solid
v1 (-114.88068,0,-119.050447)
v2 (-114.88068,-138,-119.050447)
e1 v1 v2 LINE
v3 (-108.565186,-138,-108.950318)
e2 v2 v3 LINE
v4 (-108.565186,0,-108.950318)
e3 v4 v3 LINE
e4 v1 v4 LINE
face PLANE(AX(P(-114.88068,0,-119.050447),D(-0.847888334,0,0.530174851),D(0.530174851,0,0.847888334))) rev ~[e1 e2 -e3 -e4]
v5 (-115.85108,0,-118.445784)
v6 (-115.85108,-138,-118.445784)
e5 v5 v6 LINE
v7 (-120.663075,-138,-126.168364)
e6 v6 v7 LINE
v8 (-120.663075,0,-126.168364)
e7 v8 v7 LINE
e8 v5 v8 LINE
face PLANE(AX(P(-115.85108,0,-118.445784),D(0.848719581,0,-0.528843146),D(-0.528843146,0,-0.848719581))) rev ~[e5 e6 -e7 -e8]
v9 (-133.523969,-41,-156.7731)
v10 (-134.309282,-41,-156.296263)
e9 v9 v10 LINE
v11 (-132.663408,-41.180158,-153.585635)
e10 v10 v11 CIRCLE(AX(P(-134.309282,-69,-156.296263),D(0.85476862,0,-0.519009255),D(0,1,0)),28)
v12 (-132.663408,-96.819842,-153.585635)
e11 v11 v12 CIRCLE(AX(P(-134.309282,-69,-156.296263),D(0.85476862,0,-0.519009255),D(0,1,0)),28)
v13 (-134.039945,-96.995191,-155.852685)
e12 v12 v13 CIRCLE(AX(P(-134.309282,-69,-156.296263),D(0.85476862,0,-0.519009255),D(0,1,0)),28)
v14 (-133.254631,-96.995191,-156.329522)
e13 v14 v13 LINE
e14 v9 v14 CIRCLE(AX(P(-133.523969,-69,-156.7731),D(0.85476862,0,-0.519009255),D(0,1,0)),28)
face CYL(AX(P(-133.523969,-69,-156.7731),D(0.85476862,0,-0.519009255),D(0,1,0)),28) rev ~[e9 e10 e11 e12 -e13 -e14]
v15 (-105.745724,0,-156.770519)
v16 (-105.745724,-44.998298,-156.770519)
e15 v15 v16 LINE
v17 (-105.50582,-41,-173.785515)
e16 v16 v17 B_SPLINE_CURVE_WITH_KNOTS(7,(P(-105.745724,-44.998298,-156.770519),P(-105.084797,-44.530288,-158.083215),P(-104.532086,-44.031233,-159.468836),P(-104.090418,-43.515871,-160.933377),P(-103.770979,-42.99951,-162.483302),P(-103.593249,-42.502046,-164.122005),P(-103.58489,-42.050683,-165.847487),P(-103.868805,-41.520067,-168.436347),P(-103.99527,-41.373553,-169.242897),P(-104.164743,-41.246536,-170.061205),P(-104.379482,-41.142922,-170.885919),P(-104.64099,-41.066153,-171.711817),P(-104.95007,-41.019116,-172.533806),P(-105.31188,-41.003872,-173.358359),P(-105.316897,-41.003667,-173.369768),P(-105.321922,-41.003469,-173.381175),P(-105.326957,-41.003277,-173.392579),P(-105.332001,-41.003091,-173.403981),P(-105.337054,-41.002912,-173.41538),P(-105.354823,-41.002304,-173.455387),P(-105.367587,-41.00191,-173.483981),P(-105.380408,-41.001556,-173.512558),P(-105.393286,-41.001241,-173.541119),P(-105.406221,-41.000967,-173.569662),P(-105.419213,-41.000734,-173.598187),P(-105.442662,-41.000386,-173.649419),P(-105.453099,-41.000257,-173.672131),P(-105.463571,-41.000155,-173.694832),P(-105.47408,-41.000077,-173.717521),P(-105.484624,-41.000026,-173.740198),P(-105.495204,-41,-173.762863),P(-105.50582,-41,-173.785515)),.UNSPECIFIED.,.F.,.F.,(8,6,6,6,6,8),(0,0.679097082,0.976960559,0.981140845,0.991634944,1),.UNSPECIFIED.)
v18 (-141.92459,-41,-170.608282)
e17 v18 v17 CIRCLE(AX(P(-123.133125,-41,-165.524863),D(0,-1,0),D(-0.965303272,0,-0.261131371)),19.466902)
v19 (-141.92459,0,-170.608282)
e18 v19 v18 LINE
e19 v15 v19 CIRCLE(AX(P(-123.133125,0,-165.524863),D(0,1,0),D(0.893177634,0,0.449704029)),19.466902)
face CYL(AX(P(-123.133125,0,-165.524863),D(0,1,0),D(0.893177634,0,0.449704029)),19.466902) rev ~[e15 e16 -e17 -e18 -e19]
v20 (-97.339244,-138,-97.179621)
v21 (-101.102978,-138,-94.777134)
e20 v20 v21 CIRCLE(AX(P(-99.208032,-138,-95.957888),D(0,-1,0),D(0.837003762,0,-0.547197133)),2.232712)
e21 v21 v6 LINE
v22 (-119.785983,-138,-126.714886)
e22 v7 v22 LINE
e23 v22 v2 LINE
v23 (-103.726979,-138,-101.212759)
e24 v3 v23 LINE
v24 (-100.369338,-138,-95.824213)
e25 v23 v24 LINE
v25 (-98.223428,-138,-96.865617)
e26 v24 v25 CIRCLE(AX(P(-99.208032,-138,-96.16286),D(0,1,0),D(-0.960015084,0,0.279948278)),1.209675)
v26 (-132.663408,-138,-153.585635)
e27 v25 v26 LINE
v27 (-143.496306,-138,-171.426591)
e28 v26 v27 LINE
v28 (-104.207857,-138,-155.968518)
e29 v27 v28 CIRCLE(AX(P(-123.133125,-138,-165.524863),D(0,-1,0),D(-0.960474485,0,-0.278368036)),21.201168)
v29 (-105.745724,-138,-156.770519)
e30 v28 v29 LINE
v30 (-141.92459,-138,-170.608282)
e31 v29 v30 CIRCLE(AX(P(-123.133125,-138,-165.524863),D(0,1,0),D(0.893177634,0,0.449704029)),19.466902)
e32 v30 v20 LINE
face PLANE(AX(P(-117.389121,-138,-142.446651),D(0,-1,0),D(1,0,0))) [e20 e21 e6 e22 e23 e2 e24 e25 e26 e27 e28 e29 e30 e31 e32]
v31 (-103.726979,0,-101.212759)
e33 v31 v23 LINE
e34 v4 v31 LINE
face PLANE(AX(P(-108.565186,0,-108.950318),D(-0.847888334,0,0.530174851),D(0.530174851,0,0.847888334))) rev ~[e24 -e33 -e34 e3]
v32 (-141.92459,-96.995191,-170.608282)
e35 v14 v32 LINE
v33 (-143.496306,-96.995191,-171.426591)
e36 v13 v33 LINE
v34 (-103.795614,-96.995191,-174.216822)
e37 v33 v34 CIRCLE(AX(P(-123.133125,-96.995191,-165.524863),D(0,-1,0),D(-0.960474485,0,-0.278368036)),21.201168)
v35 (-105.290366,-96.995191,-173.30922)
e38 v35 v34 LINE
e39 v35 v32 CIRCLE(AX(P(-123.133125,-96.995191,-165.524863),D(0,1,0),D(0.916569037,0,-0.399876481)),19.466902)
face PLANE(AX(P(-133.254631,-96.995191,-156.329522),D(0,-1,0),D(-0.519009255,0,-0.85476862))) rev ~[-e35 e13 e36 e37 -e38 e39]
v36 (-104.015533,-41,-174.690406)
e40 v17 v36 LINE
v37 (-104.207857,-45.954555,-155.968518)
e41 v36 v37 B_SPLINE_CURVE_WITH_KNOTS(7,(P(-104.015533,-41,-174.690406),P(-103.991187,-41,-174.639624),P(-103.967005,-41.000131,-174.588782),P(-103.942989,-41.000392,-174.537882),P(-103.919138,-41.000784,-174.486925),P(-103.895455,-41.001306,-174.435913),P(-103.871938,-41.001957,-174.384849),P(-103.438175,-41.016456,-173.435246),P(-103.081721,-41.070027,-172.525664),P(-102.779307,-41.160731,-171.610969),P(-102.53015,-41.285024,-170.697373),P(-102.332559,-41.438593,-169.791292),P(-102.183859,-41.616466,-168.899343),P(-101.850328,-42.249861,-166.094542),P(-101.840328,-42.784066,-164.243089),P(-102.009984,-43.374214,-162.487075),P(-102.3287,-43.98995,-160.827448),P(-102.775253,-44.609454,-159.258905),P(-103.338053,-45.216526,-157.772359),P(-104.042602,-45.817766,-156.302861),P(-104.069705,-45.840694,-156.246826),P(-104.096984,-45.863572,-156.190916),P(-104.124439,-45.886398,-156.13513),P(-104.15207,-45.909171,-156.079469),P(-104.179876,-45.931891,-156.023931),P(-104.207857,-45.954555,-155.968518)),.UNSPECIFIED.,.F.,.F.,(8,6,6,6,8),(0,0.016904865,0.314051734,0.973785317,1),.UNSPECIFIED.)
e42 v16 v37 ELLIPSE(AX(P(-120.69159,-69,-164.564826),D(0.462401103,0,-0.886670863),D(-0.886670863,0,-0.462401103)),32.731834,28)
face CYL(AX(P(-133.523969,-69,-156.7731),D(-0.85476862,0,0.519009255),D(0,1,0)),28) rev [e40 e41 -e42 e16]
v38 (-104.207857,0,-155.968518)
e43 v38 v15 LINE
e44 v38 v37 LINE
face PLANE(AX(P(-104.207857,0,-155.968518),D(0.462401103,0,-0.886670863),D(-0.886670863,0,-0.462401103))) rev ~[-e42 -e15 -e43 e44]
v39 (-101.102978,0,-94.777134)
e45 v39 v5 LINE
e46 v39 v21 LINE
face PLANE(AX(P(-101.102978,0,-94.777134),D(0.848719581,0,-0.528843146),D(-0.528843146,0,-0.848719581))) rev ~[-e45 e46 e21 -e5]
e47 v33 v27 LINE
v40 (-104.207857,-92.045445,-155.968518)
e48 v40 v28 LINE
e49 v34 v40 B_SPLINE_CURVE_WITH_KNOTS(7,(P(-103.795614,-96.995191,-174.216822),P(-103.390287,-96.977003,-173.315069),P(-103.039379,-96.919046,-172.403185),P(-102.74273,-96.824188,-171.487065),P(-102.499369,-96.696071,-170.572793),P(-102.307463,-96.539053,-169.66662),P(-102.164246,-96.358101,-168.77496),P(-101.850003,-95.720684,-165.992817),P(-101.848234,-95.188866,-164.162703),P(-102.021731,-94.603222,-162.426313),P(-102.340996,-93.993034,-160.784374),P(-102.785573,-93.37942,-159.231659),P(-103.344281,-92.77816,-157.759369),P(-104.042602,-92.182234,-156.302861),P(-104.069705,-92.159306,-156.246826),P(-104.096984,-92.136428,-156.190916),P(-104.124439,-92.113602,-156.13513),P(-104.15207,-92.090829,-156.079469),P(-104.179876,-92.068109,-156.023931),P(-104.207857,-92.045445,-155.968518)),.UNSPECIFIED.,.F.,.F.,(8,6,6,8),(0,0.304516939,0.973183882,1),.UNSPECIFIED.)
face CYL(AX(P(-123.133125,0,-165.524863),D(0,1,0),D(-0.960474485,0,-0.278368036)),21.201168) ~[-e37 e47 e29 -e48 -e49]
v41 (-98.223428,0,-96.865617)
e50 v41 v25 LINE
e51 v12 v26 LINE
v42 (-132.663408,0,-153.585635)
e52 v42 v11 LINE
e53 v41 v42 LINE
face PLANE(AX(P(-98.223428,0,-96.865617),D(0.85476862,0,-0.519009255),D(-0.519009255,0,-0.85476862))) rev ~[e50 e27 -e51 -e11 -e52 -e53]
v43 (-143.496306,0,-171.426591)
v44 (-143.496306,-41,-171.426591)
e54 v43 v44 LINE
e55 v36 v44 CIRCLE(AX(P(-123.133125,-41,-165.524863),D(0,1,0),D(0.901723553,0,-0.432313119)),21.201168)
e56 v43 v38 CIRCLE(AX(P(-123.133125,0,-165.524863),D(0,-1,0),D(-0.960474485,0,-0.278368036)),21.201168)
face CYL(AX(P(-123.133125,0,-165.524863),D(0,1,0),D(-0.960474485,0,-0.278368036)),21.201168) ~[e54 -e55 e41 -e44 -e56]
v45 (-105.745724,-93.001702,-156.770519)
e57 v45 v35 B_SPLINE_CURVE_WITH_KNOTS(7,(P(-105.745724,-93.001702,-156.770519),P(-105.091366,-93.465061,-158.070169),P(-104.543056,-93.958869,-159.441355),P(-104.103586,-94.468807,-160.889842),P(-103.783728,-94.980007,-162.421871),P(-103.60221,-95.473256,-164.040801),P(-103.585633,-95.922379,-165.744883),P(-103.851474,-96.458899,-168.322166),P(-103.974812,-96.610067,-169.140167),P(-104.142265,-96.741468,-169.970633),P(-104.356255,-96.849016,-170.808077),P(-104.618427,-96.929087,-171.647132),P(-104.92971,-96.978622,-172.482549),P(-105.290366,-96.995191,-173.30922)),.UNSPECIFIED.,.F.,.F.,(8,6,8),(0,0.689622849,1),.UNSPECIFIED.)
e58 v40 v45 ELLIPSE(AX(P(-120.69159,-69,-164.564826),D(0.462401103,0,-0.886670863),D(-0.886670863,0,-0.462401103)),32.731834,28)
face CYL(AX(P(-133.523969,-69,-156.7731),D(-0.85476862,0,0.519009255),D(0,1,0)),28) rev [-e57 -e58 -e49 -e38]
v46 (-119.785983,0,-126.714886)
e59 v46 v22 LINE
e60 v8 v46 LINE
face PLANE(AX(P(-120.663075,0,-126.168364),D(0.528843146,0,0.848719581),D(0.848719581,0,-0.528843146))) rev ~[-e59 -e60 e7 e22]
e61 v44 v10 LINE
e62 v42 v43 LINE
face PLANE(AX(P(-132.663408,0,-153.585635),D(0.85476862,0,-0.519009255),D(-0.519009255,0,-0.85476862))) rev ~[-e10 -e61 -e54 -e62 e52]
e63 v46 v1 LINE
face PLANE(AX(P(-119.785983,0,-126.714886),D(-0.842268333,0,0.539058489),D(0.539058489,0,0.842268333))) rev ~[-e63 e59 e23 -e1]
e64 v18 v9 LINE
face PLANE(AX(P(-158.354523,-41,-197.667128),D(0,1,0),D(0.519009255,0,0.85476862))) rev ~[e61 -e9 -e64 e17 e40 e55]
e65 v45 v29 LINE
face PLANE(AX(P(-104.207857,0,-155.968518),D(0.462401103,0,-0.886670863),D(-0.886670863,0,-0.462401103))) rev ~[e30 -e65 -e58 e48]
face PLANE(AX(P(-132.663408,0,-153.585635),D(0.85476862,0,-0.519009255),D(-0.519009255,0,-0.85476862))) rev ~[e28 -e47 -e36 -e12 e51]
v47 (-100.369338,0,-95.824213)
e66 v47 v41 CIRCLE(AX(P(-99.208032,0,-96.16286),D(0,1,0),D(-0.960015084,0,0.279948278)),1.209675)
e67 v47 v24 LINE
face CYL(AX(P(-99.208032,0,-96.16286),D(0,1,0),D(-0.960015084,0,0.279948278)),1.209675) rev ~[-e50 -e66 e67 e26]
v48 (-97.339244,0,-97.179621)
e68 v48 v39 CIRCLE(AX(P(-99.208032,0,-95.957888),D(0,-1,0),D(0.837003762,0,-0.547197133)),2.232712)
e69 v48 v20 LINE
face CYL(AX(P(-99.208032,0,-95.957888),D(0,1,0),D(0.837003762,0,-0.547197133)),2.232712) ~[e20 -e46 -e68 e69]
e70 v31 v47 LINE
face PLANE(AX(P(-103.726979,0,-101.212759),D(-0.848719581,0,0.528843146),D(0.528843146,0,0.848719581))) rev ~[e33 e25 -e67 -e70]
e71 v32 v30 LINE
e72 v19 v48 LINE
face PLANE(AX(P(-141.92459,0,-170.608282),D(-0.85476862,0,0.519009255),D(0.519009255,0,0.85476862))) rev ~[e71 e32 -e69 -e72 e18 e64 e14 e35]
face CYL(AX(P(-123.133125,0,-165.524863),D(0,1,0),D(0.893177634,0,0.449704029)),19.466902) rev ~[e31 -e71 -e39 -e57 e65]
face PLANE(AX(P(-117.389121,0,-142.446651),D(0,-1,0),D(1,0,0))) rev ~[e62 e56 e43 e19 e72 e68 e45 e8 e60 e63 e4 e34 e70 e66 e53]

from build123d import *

# Parameters (mm, degrees)
F1_DEPTH = 138
F3_DEPTH = 49.4
F4_DEPTH = 78.6
F5_DEPTH = 25
F6_DEPTH = 25


with BuildPart() as f1:
    # F0 (on Front) → F1 (new body)
    with BuildSketch(Plane.XZ):
        with BuildLine():
            Line((-103.7269789477, -101.2127594065), (-100.3693379844, -95.8242133885))
            ThreePointArc((-100.3693379844, -95.8242133885), (-98.6798878596, -95.0745691606), (-98.2234282886, -96.8656171367))
            Line((-98.2234282886, -96.8656171367), (-132.6634080078, -153.5856345004))
            Line((-132.6634080078, -153.5856345004), (-143.4963060892, -171.4265906301))
            ThreePointArc((-143.4963060892, -171.4265906301), (-115.3707222455, -185.2538928172), (-104.207857368, -155.9685176268))
            Line((-104.207857368, -155.9685176268), (-105.7457237491, -156.770518844))
            ThreePointArc((-105.7457237491, -156.770518844), (-116.1787188571, -183.7071763743), (-141.9245898724, -170.6082820892))
            Line((-141.9245898724, -170.6082820892), (-97.3392441446, -97.179621432))
            ThreePointArc((-97.3392441446, -97.179621432), (-98.0067171309, -94.0759095516), (-101.1029781127, -94.7771338786))
            Line((-101.1029781127, -94.7771338786), (-115.8510804718, -118.4457837165))
            Line((-115.8510804718, -118.4457837165), (-120.663074613, -126.1683639899))
            Line((-120.663074613, -126.1683639899), (-119.7859828694, -126.7148860308))
            Line((-119.7859828694, -126.7148860308), (-114.8806803328, -119.0504468754))
            Line((-114.8806803328, -119.0504468754), (-108.5651855266, -108.950317898))
            Line((-108.5651855266, -108.950317898), (-103.7269789477, -101.2127594065))
        make_face()
    extrude(amount=F1_DEPTH)

    # F2 (on face) → F3 (cut)
    with BuildSketch(Plane(origin=(-28.0068430021, 0, 17.0055502417), x_dir=(0, 1, 0), z_dir=(0.8547686199, 0, -0.5190092546))):
        with BuildLine():
            Line((-41, -219.4907814326), (-41, -203.3049017191))
            ThreePointArc((-41, -203.3049017191), (-68.7405162983, -175.3061040983), (-96.9951905863, -202.7859566013))
            Line((-96.9951905863, -202.7859566013), (-96.9951905863, -203.8238468369))
            Line((-96.9951905863, -203.8238468369), (-96.9951905863, -219.4907814326))
            Line((-96.9951905863, -219.4907814326), (-41, -219.4907814326))
        make_face()
    extrude(amount=F3_DEPTH, mode=Mode.SUBTRACT)

    # F2 (on face) → F4 (cut)
    with BuildSketch(Plane(origin=(-28.0068430021, 0, 17.0055502417), x_dir=(0, 1, 0), z_dir=(0.8547686199, 0, -0.5190092546))):
        Polygon((-41, -251.147121191), (-41, -219.4907814326), (-96.9951905863, -219.4907814326), (-96.9951905863, -251.147121191), (-42.3506498337, -251.147121191), align=None)
    extrude(amount=F4_DEPTH, mode=Mode.SUBTRACT)

    # F2 (on face) → F5 (cut)
    with BuildSketch(Plane(origin=(-28.0068430021, 0, 17.0055502417), x_dir=(0, 1, 0), z_dir=(0.8547686199, 0, -0.5190092546))):
        with BuildLine():
            Line((-41, -219.4907814326), (-41, -203.3049017191))
            ThreePointArc((-41, -203.3049017191), (-68.7405162983, -175.3061040983), (-96.9951905863, -202.7859566013))
            Line((-96.9951905863, -202.7859566013), (-96.9951905863, -203.8238468369))
            Line((-96.9951905863, -203.8238468369), (-96.9951905863, -219.4907814326))
            Line((-96.9951905863, -219.4907814326), (-41, -219.4907814326))
        make_face()
    extrude(amount=-F5_DEPTH, mode=Mode.SUBTRACT)

    # F2 (on face) → F6 (cut)
    with BuildSketch(Plane(origin=(-28.0068430021, 0, 17.0055502417), x_dir=(0, 1, 0), z_dir=(0.8547686199, 0, -0.5190092546))):
        Polygon((-41, -251.147121191), (-41, -219.4907814326), (-96.9951905863, -219.4907814326), (-96.9951905863, -251.147121191), (-42.3506498337, -251.147121191), align=None)
    extrude(amount=-F6_DEPTH, mode=Mode.SUBTRACT)


solid = f1.part
